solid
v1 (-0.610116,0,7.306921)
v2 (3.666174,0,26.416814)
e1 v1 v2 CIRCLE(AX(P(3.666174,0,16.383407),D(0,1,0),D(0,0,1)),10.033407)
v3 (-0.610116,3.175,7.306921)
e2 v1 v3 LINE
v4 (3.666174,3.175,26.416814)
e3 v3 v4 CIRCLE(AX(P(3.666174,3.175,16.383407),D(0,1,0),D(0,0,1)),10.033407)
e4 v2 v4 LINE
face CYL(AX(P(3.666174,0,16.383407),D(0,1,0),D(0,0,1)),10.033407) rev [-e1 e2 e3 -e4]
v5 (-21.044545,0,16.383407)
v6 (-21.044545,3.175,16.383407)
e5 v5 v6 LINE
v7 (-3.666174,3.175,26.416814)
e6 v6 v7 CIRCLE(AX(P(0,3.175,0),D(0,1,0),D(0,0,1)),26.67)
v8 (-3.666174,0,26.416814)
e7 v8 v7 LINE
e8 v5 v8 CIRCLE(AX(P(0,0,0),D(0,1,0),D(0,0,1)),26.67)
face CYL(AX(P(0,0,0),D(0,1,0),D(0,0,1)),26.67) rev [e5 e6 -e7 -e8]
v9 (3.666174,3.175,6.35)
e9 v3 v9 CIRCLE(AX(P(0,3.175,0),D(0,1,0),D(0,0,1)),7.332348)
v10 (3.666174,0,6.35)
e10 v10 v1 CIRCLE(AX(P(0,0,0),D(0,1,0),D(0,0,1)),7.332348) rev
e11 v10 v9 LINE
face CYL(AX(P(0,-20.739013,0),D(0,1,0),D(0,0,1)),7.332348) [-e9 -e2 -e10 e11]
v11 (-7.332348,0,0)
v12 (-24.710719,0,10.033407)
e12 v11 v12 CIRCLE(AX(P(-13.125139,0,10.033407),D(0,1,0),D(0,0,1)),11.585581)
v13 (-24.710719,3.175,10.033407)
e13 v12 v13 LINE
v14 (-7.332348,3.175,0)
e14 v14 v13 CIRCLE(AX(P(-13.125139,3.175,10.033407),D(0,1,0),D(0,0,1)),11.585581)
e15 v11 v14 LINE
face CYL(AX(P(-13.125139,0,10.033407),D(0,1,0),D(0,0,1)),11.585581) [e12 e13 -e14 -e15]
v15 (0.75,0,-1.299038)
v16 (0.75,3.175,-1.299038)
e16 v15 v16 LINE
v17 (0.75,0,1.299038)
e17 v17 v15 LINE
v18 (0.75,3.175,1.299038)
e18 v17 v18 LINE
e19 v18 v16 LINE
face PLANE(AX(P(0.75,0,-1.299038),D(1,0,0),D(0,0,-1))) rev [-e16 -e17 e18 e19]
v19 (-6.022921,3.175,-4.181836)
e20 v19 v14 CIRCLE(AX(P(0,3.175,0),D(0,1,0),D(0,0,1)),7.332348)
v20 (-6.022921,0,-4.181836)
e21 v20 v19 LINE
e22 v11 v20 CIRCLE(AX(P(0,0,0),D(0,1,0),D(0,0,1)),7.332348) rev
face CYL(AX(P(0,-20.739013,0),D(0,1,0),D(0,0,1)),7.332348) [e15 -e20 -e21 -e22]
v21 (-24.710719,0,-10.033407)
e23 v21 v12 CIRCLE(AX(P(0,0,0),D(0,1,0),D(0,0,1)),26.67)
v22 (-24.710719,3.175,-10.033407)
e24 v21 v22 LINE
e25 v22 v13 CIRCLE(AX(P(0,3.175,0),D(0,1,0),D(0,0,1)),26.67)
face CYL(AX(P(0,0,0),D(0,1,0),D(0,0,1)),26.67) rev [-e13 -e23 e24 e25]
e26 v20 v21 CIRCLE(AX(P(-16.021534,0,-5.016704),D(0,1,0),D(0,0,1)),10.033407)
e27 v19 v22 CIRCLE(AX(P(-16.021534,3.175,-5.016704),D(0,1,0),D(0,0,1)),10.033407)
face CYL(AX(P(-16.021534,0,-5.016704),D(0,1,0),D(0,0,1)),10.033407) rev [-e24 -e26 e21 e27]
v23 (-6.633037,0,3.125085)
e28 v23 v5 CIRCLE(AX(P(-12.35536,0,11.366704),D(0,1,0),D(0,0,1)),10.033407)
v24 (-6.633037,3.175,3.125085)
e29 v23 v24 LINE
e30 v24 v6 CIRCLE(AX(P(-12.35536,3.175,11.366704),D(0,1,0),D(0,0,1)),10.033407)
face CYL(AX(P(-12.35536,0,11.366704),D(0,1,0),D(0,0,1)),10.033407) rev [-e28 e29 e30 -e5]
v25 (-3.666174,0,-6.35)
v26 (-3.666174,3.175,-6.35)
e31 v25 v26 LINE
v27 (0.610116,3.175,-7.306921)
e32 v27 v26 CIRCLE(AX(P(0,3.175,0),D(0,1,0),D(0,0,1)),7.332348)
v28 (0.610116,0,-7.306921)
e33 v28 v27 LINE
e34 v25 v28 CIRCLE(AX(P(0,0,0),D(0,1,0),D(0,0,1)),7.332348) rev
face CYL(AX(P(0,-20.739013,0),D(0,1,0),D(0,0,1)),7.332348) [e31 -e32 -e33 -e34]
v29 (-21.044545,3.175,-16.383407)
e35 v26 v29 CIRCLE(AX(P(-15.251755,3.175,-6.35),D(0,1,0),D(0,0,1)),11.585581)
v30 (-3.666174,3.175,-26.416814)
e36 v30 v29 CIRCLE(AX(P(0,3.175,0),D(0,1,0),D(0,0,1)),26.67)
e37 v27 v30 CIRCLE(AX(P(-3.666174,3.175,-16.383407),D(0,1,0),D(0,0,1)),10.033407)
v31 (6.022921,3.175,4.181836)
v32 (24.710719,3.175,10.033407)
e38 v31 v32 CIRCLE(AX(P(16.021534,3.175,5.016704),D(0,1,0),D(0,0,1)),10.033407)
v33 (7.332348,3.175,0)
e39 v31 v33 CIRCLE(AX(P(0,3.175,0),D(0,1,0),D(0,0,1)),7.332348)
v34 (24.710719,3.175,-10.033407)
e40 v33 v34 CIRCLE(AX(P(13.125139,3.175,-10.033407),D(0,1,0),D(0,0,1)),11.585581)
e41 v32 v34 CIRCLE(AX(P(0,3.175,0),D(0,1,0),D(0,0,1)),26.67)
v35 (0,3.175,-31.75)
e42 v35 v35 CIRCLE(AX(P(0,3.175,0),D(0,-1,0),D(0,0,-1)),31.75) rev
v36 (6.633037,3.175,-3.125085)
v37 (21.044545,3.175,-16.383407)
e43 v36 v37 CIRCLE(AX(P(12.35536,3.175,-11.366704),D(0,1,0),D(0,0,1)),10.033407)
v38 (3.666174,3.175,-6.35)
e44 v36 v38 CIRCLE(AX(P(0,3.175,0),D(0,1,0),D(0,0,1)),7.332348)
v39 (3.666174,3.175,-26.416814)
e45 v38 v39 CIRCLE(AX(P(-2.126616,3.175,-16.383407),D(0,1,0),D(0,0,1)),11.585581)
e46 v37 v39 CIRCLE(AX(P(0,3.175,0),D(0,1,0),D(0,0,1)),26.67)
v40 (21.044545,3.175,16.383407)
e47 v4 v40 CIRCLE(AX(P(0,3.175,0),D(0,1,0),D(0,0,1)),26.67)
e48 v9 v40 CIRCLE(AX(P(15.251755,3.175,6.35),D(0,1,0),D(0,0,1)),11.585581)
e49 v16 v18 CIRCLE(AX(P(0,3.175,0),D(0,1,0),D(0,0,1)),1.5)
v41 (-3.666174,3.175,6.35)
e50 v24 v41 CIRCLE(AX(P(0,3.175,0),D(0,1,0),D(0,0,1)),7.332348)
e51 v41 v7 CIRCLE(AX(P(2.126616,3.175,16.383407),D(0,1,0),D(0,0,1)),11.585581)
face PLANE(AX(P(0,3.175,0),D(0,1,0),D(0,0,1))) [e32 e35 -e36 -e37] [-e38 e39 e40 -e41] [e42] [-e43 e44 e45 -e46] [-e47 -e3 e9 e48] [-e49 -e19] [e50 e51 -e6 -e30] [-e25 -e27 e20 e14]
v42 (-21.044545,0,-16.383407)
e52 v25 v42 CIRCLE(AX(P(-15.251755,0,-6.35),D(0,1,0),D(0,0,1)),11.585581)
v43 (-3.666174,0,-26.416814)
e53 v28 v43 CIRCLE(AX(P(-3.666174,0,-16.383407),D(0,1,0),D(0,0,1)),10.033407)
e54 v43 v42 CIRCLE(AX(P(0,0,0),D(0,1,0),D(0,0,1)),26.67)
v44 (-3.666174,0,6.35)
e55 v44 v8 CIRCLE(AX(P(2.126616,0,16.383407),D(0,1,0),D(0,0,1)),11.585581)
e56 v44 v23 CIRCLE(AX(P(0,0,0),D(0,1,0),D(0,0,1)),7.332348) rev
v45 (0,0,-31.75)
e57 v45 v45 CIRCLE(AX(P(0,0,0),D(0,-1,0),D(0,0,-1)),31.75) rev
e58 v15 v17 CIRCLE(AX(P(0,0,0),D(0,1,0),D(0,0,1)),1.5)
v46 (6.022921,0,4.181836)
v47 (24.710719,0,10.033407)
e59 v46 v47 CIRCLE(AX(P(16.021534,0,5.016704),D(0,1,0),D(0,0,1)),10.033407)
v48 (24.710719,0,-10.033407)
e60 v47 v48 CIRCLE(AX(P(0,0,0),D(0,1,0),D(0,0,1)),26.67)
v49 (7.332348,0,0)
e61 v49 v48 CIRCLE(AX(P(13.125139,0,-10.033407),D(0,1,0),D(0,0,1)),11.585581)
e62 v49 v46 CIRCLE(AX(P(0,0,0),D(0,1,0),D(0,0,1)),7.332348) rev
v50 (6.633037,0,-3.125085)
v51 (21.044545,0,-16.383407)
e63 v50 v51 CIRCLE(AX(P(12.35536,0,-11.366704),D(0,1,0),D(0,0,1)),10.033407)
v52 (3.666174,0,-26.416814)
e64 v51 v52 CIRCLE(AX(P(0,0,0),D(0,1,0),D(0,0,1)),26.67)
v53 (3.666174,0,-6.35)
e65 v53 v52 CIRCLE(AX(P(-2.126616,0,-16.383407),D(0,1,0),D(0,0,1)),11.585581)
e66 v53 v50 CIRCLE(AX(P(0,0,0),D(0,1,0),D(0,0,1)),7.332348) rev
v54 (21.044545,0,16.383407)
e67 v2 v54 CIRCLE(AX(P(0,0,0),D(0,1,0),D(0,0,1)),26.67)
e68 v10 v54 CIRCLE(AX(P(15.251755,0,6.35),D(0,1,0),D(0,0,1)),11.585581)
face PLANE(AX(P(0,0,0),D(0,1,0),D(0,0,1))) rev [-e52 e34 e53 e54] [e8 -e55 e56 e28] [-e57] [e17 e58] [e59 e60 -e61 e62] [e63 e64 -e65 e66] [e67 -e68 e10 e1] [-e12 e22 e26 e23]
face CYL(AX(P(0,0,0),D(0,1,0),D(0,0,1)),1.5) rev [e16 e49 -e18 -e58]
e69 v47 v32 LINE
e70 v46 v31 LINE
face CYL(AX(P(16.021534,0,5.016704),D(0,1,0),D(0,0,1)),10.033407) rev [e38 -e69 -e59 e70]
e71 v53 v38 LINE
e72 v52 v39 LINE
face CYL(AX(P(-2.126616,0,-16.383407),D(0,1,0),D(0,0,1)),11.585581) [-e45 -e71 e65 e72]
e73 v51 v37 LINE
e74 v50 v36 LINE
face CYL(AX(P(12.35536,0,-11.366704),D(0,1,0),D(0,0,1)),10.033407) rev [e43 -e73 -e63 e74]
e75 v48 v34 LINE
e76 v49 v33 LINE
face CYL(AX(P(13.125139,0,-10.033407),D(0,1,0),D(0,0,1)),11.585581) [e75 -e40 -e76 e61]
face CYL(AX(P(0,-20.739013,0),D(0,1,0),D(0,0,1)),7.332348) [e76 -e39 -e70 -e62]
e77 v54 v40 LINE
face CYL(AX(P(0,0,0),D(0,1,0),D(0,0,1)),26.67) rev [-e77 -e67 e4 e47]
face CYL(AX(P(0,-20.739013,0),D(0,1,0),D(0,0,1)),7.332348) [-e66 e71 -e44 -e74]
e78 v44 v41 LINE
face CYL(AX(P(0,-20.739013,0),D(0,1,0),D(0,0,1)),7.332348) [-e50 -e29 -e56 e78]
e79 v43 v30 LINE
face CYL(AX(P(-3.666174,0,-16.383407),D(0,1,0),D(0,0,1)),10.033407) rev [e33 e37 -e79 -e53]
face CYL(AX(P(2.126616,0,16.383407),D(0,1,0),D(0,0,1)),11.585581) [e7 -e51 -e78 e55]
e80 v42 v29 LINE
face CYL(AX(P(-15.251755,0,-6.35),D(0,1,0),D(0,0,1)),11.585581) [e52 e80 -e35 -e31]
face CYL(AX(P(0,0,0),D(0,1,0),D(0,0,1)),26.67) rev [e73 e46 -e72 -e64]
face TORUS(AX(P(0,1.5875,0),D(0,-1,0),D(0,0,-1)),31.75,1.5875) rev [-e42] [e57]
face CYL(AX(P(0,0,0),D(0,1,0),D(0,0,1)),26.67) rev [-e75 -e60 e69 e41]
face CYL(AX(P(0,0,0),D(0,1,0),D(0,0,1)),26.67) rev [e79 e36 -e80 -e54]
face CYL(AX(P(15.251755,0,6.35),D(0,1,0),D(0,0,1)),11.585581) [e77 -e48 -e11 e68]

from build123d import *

# Parameters (mm, degrees)
SKETCH1_R           = 31.75
BOSS_EXTRUDE1_DEPTH = 3.175
SKETCH2_R           = 1.5875
CUT_EXTRUDE1_DEPTH  = 46.01339384
SKETCH6_R           = 7.332348419
BOSS_EXTRUDE2_DEPTH = 3.175
CUT_EXTRUDE2_DEPTH  = 46.01339384


with BuildPart() as part:
    # Sketch1 → Boss-Extrude1 (new body)
    with BuildSketch(Plane(origin=(0, 0, 0), x_dir=(1, 0, 0), z_dir=(0, 1, 0))):
        with Locations(Location((0, 0, 0), (0, 0, 270))):
            Circle(SKETCH1_R)
    extrude(amount=BOSS_EXTRUDE1_DEPTH)

    # Sketch2 → Cut-Revolve1 (revolve, cut)
    with BuildSketch(Plane.XY, mode=Mode.PRIVATE) as cut_revolve1_sk:
        with Locations((-31.75, 1.5875)):
            Circle(SKETCH2_R)
    revolve(cut_revolve1_sk.sketch.rotate(Axis((0, 0, 0), (0, 1, 0)), 270), axis=Axis((0, 0, 0), (0, 1, 0)), mode=Mode.SUBTRACT)

    # Sketch5 → Cut-Extrude1 (cut, through all)
    with BuildSketch(Plane(origin=(0, 3.175, 0), x_dir=(1, 0, 0), z_dir=(0, 1, 0))):
        with BuildLine():
            ThreePointArc((-23.660280874, -5.212986442), (-16.648813235, 1.003322249), (-7.332348419, 0))
            ThreePointArc((-7.332348419, 0), (-7.904270057, 10.91410008), (-18.107373639, 14.830903904))
            Line((-18.107373639, 14.830903904), (-26.67, 0))
            Line((-26.67, 0), (-23.660280874, -5.212986442))
        make_face()
        with BuildLine():
            ThreePointArc((-7.315561749, -23.096897519), (-9.193309174, -13.91663408), (-3.666174209, -6.35))
            ThreePointArc((-3.666174209, -6.35), (-13.404022957, -1.388248628), (-21.897626361, -8.265993615))
            Line((-21.897626361, -8.265993615), (-13.335, -23.096897519))
            Line((-13.335, -23.096897519), (-7.315561749, -23.096897519))
        make_face()
        with BuildLine():
            ThreePointArc((16.344719126, -17.883911077), (7.455504061, -14.919956329), (3.666174209, -6.35))
            ThreePointArc((3.666174209, -6.35), (-5.4997529, -12.302348707), (-3.790252722, -23.096897519))
            Line((-3.790252722, -23.096897519), (13.335, -23.096897519))
            Line((13.335, -23.096897519), (16.344719126, -17.883911077))
        make_face()
        with BuildLine():
            ThreePointArc((23.660280874, 5.212986442), (16.648813235, -1.003322249), (7.332348419, 0))
            ThreePointArc((7.332348419, 0), (7.904270057, -10.91410008), (18.107373639, -14.830903904))
            Line((18.107373639, -14.830903904), (26.67, 0))
            Line((26.67, 0), (23.660280874, 5.212986442))
        make_face()
        with BuildLine():
            ThreePointArc((7.315561749, 23.096897519), (9.193309174, 13.91663408), (3.666174209, 6.35))
            ThreePointArc((3.666174209, 6.35), (13.404022957, 1.388248628), (21.897626361, 8.265993615))
            Line((21.897626361, 8.265993615), (13.335, 23.096897519))
            Line((13.335, 23.096897519), (7.315561749, 23.096897519))
        make_face()
        with BuildLine():
            ThreePointArc((-16.344719126, 17.883911077), (-7.455504061, 14.919956329), (-3.666174209, 6.35))
            ThreePointArc((-3.666174209, 6.35), (5.4997529, 12.302348707), (3.790252722, 23.096897519))
            Line((3.790252722, 23.096897519), (-13.335, 23.096897519))
            Line((-13.335, 23.096897519), (-16.344719126, 17.883911077))
        make_face()
        with BuildLine():
            ThreePointArc((-21.044544984, 16.383407045), (-18.775429284, 17.386729294), (-16.344719126, 17.883911077))
            Line((-16.344719126, 17.883911077), (-13.335, 23.096897519))
            ThreePointArc((-13.335, 23.096897519), (-17.514451659, 20.113002836), (-21.044544984, 16.383407045))
        make_face()
        with BuildLine():
            Line((-13.335, 23.096897519), (3.790252722, 23.096897519))
            ThreePointArc((3.790252722, 23.096897519), (0.414884128, 25.549334154), (-3.666174209, 26.41681409))
            ThreePointArc((-3.666174209, 26.41681409), (-8.661145573, 25.224461488), (-13.335, 23.096897519))
        make_face()
        with BuildLine():
            ThreePointArc((3.666174209, 26.41681409), (5.669634616, 24.953363374), (7.315561749, 23.096897519))
            Line((7.315561749, 23.096897519), (13.335, 23.096897519))
            ThreePointArc((13.335, 23.096897519), (8.661145573, 25.224461488), (3.666174209, 26.41681409))
        make_face()
        with BuildLine():
            Line((13.335, 23.096897519), (21.897626361, 8.265993615))
            ThreePointArc((21.897626361, 8.265993615), (22.333814492, 12.415366882), (21.044544984, 16.383407045))
            ThreePointArc((21.044544984, 16.383407045), (17.514451659, 20.113002836), (13.335, 23.096897519))
        make_face()
        with BuildLine():
            ThreePointArc((24.710719194, 10.033407045), (24.4450639, 7.56663408), (23.660280874, 5.212986442))
            Line((23.660280874, 5.212986442), (26.67, 0))
            ThreePointArc((26.67, 0), (26.175597232, 5.111458652), (24.710719194, 10.033407045))
        make_face()
        with BuildLine():
            ThreePointArc((21.044544984, -16.383407045), (18.775429284, -17.386729294), (16.344719126, -17.883911077))
            Line((16.344719126, -17.883911077), (13.335, -23.096897519))
            ThreePointArc((13.335, -23.096897519), (17.514451659, -20.113002836), (21.044544984, -16.383407045))
        make_face()
        with BuildLine():
            Line((13.335, -23.096897519), (-3.790252722, -23.096897519))
            ThreePointArc((-3.790252722, -23.096897519), (-0.414884128, -25.549334154), (3.666174209, -26.41681409))
            ThreePointArc((3.666174209, -26.41681409), (8.661145573, -25.224461488), (13.335, -23.096897519))
        make_face()
        with BuildLine():
            ThreePointArc((-3.666174209, -26.41681409), (-5.669634616, -24.953363374), (-7.315561749, -23.096897519))
            Line((-7.315561749, -23.096897519), (-13.335, -23.096897519))
            ThreePointArc((-13.335, -23.096897519), (-8.661145573, -25.224461488), (-3.666174209, -26.41681409))
        make_face()
        with BuildLine():
            Line((-13.335, -23.096897519), (-21.897626361, -8.265993615))
            ThreePointArc((-21.897626361, -8.265993615), (-22.333814492, -12.415366882), (-21.044544984, -16.383407045))
            ThreePointArc((-21.044544984, -16.383407045), (-17.514451659, -20.113002836), (-13.335, -23.096897519))
        make_face()
        with BuildLine():
            ThreePointArc((-24.710719194, -10.033407045), (-24.4450639, -7.56663408), (-23.660280874, -5.212986442))
            Line((-23.660280874, -5.212986442), (-26.67, 0))
            ThreePointArc((-26.67, 0), (-26.175597232, -5.111458652), (-24.710719194, -10.033407045))
        make_face()
        with BuildLine():
            Line((-26.67, 0), (-18.107373639, 14.830903904))
            ThreePointArc((-18.107373639, 14.830903904), (-21.918930363, 13.133967272), (-24.710719194, 10.033407045))
            ThreePointArc((-24.710719194, 10.033407045), (-26.175597232, 5.111458652), (-26.67, 0))
        make_face()
        with BuildLine():
            Line((26.67, 0), (18.107373639, -14.830903904))
            ThreePointArc((18.107373639, -14.830903904), (21.918930363, -13.133967272), (24.710719194, -10.033407045))
            ThreePointArc((24.710719194, -10.033407045), (26.175597232, -5.111458652), (26.67, 0))
        make_face()
    extrude(amount=-CUT_EXTRUDE1_DEPTH, mode=Mode.SUBTRACT)

    # Sketch6 → Boss-Extrude2 (add)
    with BuildSketch(Plane(origin=(0, 3.175, 0), x_dir=(1, 0, 0), z_dir=(0, 1, 0))):
        Circle(SKETCH6_R)
    extrude(amount=-BOSS_EXTRUDE2_DEPTH)

    # Sketch7 → Cut-Extrude2 (cut, through all)
    with BuildSketch(Plane(origin=(0, 3.175, 0), x_dir=(1, 0, 0), z_dir=(0, 1, 0))):
        with BuildLine():
            Line((0.75, 1.299038106), (0.75, -1.299038106))
            ThreePointArc((0.75, -1.299038106), (-1.5, 0), (0.75, 1.299038106))
        make_face()
    extrude(amount=-CUT_EXTRUDE2_DEPTH, mode=Mode.SUBTRACT)


solid = part.part
